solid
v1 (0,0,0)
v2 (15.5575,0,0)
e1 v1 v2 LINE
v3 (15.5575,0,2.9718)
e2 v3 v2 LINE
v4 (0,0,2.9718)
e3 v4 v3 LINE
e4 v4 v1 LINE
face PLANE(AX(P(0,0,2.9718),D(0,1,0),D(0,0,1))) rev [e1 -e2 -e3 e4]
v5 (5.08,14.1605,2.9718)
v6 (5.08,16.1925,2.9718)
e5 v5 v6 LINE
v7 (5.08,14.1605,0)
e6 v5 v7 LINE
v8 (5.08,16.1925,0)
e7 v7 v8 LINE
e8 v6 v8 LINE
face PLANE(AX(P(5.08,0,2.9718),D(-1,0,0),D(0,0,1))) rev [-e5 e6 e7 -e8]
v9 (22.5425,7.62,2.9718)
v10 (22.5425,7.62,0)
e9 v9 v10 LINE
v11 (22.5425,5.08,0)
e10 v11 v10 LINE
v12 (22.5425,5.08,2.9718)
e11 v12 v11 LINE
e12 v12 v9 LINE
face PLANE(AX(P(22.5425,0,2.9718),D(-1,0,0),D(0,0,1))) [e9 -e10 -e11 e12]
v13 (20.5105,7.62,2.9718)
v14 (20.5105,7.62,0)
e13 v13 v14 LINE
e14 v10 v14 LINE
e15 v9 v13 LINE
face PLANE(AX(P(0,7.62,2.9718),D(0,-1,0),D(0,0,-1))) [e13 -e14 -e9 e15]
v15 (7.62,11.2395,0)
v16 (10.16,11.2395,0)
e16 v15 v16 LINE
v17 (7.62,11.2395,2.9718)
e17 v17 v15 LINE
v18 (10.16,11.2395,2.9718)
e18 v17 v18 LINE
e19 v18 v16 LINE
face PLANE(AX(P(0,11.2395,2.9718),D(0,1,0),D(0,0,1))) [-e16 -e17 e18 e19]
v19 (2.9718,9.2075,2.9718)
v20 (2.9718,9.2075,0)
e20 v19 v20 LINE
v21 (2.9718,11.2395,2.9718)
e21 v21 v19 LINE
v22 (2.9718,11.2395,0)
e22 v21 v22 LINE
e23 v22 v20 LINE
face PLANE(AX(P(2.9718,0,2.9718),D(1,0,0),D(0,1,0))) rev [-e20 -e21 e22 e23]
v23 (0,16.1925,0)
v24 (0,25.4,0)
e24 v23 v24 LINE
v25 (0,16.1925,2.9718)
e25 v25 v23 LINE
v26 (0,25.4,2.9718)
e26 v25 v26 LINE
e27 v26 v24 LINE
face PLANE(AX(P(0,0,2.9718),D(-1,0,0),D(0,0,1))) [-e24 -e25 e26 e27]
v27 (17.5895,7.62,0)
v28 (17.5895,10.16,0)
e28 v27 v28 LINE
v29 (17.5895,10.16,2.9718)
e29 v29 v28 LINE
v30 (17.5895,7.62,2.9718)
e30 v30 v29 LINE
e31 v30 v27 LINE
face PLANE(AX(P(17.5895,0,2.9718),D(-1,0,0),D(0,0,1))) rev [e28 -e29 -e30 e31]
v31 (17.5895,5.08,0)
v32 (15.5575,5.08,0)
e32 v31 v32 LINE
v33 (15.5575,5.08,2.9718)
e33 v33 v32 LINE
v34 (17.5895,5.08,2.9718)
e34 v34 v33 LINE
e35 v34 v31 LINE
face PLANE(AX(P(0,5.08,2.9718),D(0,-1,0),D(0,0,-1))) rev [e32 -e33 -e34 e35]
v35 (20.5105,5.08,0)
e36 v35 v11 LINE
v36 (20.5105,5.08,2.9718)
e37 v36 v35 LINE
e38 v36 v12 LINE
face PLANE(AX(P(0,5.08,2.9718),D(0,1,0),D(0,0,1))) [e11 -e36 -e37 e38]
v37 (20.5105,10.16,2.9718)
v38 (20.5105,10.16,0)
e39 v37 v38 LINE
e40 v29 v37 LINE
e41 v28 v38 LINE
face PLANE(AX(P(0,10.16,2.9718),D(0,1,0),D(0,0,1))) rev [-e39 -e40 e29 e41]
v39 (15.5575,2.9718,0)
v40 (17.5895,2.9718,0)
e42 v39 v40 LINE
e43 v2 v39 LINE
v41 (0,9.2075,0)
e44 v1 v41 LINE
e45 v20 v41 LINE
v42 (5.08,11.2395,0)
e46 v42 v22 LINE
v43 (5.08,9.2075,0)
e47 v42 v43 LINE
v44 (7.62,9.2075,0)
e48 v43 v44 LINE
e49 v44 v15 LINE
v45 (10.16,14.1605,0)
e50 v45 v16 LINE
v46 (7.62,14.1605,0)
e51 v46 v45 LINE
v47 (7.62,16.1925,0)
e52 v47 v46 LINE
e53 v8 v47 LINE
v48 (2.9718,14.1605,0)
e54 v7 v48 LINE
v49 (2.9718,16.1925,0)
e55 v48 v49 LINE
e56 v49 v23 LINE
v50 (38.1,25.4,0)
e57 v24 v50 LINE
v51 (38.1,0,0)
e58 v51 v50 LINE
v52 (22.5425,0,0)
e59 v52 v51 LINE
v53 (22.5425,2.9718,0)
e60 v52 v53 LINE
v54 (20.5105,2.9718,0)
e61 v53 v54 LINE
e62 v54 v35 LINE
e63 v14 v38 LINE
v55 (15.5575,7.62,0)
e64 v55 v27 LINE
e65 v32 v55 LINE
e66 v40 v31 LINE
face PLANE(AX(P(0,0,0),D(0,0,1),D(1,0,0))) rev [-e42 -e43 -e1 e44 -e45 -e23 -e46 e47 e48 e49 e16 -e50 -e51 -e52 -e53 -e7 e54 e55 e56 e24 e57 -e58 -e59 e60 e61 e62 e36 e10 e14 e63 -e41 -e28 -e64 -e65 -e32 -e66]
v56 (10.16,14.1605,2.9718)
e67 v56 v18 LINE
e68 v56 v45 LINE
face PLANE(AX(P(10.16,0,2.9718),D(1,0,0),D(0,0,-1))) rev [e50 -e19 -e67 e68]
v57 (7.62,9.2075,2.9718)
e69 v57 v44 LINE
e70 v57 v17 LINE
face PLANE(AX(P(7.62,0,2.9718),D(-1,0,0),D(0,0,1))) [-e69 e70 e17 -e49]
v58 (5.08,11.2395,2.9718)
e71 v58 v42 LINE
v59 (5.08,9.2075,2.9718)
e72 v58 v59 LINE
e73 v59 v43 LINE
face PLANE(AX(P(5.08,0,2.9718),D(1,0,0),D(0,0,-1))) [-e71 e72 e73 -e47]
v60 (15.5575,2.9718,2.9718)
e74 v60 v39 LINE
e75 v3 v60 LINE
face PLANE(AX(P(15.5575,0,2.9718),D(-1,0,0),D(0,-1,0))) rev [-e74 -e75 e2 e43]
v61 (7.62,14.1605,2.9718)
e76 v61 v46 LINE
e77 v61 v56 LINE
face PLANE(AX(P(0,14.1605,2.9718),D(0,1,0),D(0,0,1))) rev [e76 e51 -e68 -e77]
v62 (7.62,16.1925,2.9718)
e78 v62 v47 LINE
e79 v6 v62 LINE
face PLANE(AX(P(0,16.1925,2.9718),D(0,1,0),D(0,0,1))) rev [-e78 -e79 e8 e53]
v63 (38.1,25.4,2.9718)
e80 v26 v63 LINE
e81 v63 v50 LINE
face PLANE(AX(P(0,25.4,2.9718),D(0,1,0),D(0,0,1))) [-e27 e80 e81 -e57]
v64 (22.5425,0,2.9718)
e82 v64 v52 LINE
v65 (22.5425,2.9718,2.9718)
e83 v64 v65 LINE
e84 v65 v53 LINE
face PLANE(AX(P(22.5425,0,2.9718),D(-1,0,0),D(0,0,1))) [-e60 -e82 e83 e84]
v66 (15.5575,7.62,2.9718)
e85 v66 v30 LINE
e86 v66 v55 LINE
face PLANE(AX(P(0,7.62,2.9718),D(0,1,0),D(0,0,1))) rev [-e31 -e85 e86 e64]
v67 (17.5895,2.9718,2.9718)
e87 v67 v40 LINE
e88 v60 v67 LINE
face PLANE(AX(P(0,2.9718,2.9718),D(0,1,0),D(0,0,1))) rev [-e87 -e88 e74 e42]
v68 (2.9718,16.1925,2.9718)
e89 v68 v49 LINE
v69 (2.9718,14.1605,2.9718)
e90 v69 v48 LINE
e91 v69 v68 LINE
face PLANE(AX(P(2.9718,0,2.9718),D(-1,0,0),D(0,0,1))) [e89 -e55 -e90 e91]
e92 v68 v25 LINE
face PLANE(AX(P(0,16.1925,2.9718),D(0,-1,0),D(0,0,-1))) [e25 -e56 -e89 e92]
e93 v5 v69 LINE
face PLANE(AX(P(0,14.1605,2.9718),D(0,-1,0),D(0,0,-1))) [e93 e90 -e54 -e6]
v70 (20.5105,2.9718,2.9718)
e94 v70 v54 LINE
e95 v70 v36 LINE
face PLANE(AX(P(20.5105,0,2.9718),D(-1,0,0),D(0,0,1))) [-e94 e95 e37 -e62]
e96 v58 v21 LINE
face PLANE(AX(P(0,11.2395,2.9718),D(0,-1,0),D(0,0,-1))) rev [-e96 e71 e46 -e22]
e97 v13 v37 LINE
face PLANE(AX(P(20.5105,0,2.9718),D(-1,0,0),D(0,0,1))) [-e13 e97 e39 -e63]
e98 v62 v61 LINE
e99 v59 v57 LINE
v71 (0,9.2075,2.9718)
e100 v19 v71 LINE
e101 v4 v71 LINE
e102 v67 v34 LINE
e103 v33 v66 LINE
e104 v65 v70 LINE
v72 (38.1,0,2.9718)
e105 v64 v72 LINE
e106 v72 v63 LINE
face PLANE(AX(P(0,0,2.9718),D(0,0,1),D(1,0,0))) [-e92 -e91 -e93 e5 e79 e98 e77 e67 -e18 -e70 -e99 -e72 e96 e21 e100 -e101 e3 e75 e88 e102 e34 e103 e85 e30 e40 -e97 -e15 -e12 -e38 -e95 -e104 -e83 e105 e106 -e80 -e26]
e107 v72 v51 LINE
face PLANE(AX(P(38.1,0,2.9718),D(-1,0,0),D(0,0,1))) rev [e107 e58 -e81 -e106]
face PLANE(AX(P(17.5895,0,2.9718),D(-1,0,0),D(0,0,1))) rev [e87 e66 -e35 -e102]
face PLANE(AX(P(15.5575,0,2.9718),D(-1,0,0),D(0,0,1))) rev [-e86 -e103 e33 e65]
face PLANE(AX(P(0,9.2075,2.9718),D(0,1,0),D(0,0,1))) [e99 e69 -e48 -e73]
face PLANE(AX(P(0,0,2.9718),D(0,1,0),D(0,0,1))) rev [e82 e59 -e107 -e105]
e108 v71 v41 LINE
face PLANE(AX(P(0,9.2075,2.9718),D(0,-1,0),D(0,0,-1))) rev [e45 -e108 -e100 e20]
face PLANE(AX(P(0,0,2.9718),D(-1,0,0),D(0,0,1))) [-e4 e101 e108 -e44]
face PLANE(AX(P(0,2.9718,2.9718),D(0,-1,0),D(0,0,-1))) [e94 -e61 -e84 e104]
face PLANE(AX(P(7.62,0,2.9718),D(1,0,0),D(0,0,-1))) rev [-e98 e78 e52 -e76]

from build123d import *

# Parameters (mm, degrees)
BOSS_EXTRUDE1_DEPTH = 2.9718


with BuildPart() as part:
    # Sketch1 → Boss-Extrude1 (new body)
    with BuildSketch(Plane.XY):
        Polygon((2.9718, 14.1605), (5.08, 14.1605), (5.08, 16.1925), (7.62, 16.1925), (7.62, 14.1605), (10.16, 14.1605), (10.16, 11.2395), (7.62, 11.2395), (7.62, 9.2075), (5.08, 9.2075), (5.08, 11.2395), (2.9718, 11.2395), (2.9718, 9.2075), (0, 9.2075), (0, 0), (15.5575, 0), (15.5575, 2.9718), (17.5895, 2.9718), (17.5895, 5.08), (15.5575, 5.08), (15.5575, 7.62), (17.5895, 7.62), (17.5895, 10.16), (20.5105, 10.16), (20.5105, 7.62), (22.5425, 7.62), (22.5425, 5.08), (20.5105, 5.08), (20.5105, 2.9718), (22.5425, 2.9718), (22.5425, 0), (38.1, 0), (38.1, 25.4), (0, 25.4), (0, 16.1925), (2.9718, 16.1925), align=None)
    extrude(amount=BOSS_EXTRUDE1_DEPTH)


solid = part.part
